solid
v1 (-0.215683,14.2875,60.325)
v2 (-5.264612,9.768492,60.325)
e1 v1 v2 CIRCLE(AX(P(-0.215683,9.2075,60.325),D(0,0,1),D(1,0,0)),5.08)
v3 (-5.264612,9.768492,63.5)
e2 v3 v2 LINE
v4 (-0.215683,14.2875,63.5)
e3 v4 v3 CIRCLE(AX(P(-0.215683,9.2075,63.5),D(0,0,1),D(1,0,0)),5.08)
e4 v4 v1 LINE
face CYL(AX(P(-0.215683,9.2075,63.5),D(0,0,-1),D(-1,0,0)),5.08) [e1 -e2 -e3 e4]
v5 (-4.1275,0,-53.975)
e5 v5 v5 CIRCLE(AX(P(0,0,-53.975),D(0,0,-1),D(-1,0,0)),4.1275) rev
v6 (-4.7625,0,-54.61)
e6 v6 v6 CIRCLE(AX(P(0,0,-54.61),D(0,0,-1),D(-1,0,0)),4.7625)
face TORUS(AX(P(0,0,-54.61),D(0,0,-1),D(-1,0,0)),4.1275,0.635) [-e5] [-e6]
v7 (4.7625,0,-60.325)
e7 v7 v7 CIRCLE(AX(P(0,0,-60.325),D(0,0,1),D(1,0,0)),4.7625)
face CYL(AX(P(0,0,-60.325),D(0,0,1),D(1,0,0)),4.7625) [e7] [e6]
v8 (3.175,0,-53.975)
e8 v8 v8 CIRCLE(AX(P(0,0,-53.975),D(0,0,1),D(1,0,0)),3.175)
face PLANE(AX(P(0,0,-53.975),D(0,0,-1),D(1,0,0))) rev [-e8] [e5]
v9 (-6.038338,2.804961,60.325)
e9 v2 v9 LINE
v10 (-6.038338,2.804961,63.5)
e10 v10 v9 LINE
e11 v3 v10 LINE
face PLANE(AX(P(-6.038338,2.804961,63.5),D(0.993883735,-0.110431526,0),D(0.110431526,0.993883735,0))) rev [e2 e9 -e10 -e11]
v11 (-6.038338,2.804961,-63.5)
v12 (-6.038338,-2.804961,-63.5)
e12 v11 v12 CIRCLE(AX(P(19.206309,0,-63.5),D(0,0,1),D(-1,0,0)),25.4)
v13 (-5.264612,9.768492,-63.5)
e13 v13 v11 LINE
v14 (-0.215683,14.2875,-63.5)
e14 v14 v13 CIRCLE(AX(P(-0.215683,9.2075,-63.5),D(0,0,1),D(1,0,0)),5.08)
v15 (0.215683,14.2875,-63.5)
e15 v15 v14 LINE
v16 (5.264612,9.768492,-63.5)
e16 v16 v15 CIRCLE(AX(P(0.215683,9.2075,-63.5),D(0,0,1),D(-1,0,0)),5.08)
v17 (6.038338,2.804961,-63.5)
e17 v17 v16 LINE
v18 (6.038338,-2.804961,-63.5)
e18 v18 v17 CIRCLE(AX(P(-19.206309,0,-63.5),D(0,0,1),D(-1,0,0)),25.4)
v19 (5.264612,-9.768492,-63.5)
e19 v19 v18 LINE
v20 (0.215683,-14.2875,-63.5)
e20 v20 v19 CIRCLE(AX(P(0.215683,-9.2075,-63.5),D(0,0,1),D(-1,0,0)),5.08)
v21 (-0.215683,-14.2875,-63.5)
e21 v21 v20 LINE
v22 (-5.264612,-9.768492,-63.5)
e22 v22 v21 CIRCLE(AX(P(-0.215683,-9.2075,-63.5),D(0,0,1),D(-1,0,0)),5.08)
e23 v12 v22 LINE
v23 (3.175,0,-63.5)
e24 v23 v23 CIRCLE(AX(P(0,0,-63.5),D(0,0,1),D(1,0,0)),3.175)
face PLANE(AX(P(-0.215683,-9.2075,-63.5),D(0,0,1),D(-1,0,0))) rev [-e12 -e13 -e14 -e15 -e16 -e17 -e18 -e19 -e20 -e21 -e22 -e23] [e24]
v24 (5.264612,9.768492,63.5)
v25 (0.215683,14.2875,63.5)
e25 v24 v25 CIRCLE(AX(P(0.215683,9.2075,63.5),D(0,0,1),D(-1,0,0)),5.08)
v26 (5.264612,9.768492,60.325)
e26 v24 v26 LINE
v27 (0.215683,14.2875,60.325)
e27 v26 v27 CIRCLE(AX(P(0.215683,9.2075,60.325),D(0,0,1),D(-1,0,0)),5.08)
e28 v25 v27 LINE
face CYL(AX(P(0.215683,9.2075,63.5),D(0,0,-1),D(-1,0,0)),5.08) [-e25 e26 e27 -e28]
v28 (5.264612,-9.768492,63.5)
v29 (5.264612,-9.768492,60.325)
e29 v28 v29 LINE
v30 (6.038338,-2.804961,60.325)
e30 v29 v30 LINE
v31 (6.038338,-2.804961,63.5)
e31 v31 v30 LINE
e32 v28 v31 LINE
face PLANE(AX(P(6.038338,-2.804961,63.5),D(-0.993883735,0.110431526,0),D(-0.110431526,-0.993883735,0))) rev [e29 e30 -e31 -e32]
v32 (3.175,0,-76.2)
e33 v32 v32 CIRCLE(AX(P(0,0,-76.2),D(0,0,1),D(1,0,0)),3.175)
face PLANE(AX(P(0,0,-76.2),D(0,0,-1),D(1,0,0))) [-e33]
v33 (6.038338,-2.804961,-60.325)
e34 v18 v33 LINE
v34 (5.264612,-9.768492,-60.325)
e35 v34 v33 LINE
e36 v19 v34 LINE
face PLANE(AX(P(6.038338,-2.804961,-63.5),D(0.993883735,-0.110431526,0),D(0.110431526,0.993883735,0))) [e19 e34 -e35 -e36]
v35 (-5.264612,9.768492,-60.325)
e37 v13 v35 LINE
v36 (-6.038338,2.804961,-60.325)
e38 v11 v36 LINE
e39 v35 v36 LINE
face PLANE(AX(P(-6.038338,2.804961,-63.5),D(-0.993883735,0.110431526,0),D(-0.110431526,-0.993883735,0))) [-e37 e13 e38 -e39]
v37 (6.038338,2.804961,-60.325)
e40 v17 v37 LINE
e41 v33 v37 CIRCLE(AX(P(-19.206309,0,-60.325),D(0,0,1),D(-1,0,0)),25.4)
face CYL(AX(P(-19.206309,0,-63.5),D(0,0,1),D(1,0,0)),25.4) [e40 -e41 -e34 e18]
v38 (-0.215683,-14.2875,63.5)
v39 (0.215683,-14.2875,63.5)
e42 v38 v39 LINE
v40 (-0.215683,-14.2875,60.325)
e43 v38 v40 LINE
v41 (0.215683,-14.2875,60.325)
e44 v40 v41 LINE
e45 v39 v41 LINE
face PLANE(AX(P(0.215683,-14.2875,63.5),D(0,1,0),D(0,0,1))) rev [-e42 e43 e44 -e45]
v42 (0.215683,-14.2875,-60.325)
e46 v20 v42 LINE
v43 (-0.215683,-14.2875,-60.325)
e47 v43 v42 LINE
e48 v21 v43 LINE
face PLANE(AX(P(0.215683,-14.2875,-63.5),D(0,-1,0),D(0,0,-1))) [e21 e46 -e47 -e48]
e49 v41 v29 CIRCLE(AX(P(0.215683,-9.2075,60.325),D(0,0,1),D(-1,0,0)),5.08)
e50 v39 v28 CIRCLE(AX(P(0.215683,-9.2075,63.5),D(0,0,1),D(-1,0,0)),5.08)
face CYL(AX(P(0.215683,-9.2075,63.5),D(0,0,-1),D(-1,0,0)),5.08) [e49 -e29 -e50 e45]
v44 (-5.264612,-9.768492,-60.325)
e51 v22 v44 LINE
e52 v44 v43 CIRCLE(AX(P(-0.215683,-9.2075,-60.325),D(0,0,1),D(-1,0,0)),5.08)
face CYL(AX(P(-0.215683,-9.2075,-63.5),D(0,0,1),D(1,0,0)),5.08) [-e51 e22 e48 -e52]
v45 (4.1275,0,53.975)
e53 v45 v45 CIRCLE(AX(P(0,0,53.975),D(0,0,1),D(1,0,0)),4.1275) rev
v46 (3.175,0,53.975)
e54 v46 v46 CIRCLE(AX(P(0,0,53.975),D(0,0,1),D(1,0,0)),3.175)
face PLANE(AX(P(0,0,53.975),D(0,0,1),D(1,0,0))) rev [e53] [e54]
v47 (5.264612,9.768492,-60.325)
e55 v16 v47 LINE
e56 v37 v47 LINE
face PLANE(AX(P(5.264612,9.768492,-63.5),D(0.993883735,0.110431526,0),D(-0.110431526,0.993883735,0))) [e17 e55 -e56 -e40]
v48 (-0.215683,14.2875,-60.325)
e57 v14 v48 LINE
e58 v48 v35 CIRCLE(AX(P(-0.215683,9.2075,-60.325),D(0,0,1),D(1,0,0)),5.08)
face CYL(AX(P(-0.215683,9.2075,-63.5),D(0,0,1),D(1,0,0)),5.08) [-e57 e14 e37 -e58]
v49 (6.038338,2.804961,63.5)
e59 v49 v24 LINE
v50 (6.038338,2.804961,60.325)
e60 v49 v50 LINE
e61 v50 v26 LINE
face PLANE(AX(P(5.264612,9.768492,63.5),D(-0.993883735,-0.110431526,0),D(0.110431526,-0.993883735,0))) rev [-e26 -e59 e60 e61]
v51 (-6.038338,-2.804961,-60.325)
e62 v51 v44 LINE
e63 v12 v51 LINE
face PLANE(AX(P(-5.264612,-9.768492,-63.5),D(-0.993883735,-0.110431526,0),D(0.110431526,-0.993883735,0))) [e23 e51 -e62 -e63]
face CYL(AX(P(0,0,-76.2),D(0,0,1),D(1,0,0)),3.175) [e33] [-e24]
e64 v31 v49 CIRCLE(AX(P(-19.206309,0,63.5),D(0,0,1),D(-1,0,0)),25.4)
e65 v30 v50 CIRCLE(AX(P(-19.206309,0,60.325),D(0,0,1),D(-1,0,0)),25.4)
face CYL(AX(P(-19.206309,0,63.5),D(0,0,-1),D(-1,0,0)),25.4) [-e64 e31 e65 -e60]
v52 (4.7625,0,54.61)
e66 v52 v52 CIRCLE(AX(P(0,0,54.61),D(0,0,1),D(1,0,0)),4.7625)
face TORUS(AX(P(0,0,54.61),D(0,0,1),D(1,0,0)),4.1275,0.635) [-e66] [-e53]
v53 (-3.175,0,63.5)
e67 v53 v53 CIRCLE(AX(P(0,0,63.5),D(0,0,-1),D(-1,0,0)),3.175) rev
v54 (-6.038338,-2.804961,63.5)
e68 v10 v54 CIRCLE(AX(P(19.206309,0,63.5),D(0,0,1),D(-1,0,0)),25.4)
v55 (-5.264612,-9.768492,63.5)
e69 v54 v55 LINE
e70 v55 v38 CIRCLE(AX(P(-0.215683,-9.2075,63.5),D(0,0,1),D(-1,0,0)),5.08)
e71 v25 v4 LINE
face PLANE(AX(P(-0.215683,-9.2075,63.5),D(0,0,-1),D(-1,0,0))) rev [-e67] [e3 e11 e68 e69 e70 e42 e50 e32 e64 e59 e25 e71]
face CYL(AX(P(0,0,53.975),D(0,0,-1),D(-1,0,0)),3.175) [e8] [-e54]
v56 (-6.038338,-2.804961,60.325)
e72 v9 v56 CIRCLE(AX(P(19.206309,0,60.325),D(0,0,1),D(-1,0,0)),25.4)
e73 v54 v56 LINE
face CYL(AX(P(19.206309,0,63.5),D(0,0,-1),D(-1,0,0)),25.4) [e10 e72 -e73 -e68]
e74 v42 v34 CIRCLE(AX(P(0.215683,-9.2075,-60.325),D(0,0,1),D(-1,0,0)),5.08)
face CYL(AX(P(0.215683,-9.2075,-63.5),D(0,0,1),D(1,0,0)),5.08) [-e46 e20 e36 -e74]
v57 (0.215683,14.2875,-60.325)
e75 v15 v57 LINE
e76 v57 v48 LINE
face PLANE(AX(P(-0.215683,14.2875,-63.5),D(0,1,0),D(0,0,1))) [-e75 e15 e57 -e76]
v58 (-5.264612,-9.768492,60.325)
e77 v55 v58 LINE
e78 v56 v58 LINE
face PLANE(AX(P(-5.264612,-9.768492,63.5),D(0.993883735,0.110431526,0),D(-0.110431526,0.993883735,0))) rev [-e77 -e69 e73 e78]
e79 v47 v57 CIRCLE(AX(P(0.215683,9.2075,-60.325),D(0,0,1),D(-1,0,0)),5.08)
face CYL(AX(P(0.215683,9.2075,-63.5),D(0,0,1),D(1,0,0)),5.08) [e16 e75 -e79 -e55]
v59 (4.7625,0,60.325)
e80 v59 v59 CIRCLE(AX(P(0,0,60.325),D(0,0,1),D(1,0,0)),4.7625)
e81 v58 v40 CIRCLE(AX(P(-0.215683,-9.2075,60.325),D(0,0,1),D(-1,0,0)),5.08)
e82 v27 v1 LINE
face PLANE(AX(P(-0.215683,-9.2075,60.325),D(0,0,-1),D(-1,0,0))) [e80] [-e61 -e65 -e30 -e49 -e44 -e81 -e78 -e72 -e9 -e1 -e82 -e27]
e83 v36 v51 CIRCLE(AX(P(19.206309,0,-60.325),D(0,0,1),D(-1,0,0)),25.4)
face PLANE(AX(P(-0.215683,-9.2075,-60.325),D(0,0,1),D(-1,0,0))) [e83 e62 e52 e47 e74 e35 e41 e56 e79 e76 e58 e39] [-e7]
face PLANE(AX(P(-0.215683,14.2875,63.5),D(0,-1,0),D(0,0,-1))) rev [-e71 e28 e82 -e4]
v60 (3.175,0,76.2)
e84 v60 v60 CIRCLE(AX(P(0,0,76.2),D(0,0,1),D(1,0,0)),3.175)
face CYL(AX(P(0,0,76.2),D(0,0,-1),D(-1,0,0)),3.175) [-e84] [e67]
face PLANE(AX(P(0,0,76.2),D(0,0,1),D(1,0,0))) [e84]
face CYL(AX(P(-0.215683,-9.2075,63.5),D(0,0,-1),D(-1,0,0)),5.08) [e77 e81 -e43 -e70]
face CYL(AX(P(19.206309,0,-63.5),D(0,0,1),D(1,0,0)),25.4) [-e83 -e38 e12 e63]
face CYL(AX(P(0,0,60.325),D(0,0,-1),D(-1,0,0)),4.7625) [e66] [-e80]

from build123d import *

# Parameters (mm, degrees)
SKETCH1_R           = 3.175
BOSS_EXTRUDE1_DEPTH = 53.975
SKETCH2_R           = 4.7625
BOSS_EXTRUDE2_DEPTH = 6.35
BOSS_EXTRUDE3_DEPTH = 3.175
FILLET1_R           = 0.635
BOSS_EXTRUDE4_START = 12.7
SKETCH4_R           = 3.175
BOSS_EXTRUDE4_DEPTH = 12.7


with BuildPart() as part:
    # Sketch1 → Boss-Extrude1 (new body)
    with BuildSketch(Plane.XY):
        Circle(SKETCH1_R)
    boss_extrude1 = extrude(amount=BOSS_EXTRUDE1_DEPTH)

    # Sketch2 → Boss-Extrude2 (add)
    with BuildSketch(Plane.XY.offset(53.975)):
        Circle(SKETCH2_R)
    boss_extrude2 = extrude(amount=BOSS_EXTRUDE2_DEPTH)

    # Sketch3 → Boss-Extrude3 (add)
    with BuildSketch(Plane.XY.offset(60.325)):
        with BuildLine():
            Line((-0.215682611, 14.2875), (0.215682611, 14.2875))
            ThreePointArc((0.215682611, 14.2875), (3.60364364, 12.992750331), (5.264611983, 9.768492152))
            Line((5.264611983, 9.768492152), (6.038337693, 2.804960762))
            ThreePointArc((6.038337693, 2.804960762), (6.193690832, 0), (6.038337693, -2.804960762))
            Line((6.038337693, -2.804960762), (5.264611983, -9.768492152))
            ThreePointArc((5.264611983, -9.768492152), (3.60364364, -12.992750331), (0.215682611, -14.2875))
            Line((0.215682611, -14.2875), (-0.215682611, -14.2875))
            ThreePointArc((-0.215682611, -14.2875), (-3.60364364, -12.992750331), (-5.264611983, -9.768492152))
            Line((-5.264611983, -9.768492152), (-6.038337693, -2.804960762))
            ThreePointArc((-6.038337693, -2.804960762), (-6.193690832, 0), (-6.038337693, 2.804960762))
            Line((-6.038337693, 2.804960762), (-5.264611983, 9.768492152))
            ThreePointArc((-5.264611983, 9.768492152), (-3.60364364, 12.992750331), (-0.215682611, 14.2875))
        make_face()
    boss_extrude3 = extrude(amount=BOSS_EXTRUDE3_DEPTH)

    # Mirror1: Boss-Extrude1, Boss-Extrude2, Boss-Extrude3 across plane
    add(boss_extrude1.mirror(Plane.XY))
    add(boss_extrude2.mirror(Plane.XY))
    add(boss_extrude3.mirror(Plane.XY))

    # Fillet1
    fillet1_edges = [part.edges().sort_by_distance(p)[0] for p in [
        (-4.7625, 0, -53.975),
        (-4.7625, 0, 53.975),
    ]]
    fillet(fillet1_edges, radius=FILLET1_R)

    # Sketch4 → Boss-Extrude4 (add)
    with BuildSketch(Plane.XY.offset(63.5).offset(BOSS_EXTRUDE4_START)):
        Circle(SKETCH4_R)
    boss_extrude4 = extrude(amount=-BOSS_EXTRUDE4_DEPTH)

    # Mirror2: Boss-Extrude4 across plane
    add(boss_extrude4.mirror(Plane.XY))


solid = part.part
